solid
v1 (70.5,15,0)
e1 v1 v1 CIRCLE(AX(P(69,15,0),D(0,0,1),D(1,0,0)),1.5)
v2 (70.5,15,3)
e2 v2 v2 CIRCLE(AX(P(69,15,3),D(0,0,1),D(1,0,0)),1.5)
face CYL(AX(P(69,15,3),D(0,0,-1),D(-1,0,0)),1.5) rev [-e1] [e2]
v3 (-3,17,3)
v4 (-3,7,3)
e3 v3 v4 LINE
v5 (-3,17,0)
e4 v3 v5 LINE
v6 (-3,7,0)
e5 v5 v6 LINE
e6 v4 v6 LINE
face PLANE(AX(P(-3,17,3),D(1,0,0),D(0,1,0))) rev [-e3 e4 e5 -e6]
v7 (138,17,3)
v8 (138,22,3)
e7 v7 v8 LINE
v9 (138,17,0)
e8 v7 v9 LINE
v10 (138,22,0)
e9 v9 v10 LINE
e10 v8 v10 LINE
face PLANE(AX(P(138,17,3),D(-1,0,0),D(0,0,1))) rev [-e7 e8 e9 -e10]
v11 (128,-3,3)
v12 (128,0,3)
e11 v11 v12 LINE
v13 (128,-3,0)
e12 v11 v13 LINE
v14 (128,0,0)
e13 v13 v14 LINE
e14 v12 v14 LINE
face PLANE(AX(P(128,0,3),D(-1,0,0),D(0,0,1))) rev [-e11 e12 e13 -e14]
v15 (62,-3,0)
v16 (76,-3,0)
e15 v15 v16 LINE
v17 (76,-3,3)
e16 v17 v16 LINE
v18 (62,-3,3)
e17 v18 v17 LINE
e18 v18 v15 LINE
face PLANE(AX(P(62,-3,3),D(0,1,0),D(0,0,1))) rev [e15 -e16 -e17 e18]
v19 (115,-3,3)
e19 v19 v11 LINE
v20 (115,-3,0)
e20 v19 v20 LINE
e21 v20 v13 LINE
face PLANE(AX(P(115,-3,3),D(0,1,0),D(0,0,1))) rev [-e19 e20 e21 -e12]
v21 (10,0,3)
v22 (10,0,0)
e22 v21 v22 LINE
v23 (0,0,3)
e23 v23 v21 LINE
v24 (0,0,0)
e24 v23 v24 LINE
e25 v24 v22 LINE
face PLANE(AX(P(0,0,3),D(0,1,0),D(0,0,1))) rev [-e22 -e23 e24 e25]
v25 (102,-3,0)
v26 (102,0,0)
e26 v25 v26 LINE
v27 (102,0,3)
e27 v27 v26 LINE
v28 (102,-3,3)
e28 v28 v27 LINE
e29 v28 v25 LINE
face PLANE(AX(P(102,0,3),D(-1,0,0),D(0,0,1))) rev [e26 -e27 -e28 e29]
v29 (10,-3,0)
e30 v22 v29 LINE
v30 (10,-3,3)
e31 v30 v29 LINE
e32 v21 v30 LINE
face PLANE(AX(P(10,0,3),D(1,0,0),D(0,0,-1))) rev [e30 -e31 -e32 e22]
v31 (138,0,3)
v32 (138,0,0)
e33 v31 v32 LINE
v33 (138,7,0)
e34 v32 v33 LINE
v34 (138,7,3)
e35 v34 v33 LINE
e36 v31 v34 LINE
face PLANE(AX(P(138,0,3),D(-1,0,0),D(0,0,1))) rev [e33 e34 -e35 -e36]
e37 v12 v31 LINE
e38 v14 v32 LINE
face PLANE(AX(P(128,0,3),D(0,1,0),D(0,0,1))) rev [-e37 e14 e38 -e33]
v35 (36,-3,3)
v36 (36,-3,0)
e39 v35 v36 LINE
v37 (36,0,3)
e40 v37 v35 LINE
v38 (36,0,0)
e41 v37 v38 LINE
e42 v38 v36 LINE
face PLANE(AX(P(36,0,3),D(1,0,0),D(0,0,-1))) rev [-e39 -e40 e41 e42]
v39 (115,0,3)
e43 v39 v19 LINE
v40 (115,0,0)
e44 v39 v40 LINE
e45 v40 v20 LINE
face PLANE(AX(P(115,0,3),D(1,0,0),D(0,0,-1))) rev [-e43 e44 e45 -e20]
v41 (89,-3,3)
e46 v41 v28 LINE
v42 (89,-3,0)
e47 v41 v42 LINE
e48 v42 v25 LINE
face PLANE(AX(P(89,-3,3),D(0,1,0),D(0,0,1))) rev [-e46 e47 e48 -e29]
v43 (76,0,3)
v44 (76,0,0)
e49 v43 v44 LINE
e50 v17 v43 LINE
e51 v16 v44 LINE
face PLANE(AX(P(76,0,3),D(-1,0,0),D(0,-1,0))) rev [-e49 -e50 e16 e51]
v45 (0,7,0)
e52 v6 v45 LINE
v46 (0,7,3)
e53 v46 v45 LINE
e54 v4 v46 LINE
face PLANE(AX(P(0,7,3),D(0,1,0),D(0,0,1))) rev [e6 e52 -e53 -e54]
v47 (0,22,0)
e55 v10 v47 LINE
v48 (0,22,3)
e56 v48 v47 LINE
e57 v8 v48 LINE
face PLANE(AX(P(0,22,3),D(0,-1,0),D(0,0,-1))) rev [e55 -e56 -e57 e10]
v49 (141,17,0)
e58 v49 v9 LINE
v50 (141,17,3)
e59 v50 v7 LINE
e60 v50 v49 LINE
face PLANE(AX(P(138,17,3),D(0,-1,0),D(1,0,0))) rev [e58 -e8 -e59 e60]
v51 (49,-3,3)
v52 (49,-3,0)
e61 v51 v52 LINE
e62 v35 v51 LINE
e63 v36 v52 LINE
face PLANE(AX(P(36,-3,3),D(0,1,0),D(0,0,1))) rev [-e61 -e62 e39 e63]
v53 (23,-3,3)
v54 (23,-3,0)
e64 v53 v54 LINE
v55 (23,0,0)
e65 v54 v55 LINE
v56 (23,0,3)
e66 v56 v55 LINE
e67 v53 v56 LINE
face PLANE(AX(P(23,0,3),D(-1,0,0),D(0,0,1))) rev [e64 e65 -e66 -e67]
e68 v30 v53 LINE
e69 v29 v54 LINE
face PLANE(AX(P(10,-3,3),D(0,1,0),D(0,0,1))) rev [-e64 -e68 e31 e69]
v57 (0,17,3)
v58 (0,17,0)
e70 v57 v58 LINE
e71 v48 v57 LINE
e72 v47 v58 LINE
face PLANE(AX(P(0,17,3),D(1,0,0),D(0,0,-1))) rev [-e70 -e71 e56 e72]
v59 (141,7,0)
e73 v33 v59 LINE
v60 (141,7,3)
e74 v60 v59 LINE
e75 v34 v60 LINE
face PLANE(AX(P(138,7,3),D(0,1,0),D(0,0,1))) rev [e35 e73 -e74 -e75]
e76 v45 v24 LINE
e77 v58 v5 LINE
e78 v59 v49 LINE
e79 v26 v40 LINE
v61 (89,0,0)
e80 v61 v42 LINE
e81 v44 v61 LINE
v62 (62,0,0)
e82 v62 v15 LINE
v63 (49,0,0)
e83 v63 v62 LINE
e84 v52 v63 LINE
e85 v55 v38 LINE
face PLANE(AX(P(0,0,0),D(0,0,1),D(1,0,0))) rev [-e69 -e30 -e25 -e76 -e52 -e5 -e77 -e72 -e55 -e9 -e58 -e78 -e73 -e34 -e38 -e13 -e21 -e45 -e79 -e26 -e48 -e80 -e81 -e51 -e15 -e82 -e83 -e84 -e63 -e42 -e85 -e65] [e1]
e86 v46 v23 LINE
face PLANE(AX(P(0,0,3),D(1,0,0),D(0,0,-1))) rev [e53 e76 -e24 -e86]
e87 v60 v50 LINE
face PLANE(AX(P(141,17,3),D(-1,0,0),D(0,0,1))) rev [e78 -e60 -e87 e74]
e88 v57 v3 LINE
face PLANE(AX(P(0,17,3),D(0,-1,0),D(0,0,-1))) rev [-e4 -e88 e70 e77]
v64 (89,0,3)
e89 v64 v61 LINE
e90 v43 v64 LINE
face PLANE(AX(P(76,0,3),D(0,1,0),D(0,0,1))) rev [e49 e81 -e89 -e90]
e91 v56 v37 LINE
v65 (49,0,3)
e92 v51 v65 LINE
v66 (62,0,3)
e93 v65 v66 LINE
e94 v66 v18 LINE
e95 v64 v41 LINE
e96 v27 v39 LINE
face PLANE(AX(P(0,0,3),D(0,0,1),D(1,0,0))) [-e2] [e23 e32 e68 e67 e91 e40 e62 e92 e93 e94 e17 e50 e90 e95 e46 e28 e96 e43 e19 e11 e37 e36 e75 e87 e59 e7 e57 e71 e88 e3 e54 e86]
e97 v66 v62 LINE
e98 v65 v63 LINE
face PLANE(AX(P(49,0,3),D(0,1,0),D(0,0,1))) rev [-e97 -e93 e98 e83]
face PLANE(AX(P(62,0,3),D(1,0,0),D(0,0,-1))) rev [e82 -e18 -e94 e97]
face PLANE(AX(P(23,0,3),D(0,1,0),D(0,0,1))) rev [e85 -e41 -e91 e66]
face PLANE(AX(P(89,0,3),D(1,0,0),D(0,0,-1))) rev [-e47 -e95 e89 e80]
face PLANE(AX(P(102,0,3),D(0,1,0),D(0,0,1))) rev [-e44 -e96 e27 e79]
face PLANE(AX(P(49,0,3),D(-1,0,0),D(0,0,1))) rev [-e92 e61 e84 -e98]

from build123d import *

# Parameters (mm, degrees)
SKETCH1_R           = 1.5
BOSS_EXTRUDE1_DEPTH = 3


with BuildPart() as part:
    # Sketch1 → Boss-Extrude1 (new body)
    with BuildSketch(Plane.XY):
        Polygon((0, 17), (0, 22), (138, 22), (138, 17), (141, 17), (141, 7), (138, 7), (138, 0), (128, 0), (128, -3), (115, -3), (115, 0), (102, 0), (102, -3), (89, -3), (89, 0), (76, 0), (76, -3), (62, -3), (62, 0), (49, 0), (49, -3), (36, -3), (36, 0), (23, 0), (23, -3), (10, -3), (10, 0), (0, 0), (0, 7), (-3, 7), (-3, 17), align=None)
        with Locations((69, 15)):
            Circle(SKETCH1_R, mode=Mode.SUBTRACT)
    extrude(amount=BOSS_EXTRUDE1_DEPTH)


solid = part.part
